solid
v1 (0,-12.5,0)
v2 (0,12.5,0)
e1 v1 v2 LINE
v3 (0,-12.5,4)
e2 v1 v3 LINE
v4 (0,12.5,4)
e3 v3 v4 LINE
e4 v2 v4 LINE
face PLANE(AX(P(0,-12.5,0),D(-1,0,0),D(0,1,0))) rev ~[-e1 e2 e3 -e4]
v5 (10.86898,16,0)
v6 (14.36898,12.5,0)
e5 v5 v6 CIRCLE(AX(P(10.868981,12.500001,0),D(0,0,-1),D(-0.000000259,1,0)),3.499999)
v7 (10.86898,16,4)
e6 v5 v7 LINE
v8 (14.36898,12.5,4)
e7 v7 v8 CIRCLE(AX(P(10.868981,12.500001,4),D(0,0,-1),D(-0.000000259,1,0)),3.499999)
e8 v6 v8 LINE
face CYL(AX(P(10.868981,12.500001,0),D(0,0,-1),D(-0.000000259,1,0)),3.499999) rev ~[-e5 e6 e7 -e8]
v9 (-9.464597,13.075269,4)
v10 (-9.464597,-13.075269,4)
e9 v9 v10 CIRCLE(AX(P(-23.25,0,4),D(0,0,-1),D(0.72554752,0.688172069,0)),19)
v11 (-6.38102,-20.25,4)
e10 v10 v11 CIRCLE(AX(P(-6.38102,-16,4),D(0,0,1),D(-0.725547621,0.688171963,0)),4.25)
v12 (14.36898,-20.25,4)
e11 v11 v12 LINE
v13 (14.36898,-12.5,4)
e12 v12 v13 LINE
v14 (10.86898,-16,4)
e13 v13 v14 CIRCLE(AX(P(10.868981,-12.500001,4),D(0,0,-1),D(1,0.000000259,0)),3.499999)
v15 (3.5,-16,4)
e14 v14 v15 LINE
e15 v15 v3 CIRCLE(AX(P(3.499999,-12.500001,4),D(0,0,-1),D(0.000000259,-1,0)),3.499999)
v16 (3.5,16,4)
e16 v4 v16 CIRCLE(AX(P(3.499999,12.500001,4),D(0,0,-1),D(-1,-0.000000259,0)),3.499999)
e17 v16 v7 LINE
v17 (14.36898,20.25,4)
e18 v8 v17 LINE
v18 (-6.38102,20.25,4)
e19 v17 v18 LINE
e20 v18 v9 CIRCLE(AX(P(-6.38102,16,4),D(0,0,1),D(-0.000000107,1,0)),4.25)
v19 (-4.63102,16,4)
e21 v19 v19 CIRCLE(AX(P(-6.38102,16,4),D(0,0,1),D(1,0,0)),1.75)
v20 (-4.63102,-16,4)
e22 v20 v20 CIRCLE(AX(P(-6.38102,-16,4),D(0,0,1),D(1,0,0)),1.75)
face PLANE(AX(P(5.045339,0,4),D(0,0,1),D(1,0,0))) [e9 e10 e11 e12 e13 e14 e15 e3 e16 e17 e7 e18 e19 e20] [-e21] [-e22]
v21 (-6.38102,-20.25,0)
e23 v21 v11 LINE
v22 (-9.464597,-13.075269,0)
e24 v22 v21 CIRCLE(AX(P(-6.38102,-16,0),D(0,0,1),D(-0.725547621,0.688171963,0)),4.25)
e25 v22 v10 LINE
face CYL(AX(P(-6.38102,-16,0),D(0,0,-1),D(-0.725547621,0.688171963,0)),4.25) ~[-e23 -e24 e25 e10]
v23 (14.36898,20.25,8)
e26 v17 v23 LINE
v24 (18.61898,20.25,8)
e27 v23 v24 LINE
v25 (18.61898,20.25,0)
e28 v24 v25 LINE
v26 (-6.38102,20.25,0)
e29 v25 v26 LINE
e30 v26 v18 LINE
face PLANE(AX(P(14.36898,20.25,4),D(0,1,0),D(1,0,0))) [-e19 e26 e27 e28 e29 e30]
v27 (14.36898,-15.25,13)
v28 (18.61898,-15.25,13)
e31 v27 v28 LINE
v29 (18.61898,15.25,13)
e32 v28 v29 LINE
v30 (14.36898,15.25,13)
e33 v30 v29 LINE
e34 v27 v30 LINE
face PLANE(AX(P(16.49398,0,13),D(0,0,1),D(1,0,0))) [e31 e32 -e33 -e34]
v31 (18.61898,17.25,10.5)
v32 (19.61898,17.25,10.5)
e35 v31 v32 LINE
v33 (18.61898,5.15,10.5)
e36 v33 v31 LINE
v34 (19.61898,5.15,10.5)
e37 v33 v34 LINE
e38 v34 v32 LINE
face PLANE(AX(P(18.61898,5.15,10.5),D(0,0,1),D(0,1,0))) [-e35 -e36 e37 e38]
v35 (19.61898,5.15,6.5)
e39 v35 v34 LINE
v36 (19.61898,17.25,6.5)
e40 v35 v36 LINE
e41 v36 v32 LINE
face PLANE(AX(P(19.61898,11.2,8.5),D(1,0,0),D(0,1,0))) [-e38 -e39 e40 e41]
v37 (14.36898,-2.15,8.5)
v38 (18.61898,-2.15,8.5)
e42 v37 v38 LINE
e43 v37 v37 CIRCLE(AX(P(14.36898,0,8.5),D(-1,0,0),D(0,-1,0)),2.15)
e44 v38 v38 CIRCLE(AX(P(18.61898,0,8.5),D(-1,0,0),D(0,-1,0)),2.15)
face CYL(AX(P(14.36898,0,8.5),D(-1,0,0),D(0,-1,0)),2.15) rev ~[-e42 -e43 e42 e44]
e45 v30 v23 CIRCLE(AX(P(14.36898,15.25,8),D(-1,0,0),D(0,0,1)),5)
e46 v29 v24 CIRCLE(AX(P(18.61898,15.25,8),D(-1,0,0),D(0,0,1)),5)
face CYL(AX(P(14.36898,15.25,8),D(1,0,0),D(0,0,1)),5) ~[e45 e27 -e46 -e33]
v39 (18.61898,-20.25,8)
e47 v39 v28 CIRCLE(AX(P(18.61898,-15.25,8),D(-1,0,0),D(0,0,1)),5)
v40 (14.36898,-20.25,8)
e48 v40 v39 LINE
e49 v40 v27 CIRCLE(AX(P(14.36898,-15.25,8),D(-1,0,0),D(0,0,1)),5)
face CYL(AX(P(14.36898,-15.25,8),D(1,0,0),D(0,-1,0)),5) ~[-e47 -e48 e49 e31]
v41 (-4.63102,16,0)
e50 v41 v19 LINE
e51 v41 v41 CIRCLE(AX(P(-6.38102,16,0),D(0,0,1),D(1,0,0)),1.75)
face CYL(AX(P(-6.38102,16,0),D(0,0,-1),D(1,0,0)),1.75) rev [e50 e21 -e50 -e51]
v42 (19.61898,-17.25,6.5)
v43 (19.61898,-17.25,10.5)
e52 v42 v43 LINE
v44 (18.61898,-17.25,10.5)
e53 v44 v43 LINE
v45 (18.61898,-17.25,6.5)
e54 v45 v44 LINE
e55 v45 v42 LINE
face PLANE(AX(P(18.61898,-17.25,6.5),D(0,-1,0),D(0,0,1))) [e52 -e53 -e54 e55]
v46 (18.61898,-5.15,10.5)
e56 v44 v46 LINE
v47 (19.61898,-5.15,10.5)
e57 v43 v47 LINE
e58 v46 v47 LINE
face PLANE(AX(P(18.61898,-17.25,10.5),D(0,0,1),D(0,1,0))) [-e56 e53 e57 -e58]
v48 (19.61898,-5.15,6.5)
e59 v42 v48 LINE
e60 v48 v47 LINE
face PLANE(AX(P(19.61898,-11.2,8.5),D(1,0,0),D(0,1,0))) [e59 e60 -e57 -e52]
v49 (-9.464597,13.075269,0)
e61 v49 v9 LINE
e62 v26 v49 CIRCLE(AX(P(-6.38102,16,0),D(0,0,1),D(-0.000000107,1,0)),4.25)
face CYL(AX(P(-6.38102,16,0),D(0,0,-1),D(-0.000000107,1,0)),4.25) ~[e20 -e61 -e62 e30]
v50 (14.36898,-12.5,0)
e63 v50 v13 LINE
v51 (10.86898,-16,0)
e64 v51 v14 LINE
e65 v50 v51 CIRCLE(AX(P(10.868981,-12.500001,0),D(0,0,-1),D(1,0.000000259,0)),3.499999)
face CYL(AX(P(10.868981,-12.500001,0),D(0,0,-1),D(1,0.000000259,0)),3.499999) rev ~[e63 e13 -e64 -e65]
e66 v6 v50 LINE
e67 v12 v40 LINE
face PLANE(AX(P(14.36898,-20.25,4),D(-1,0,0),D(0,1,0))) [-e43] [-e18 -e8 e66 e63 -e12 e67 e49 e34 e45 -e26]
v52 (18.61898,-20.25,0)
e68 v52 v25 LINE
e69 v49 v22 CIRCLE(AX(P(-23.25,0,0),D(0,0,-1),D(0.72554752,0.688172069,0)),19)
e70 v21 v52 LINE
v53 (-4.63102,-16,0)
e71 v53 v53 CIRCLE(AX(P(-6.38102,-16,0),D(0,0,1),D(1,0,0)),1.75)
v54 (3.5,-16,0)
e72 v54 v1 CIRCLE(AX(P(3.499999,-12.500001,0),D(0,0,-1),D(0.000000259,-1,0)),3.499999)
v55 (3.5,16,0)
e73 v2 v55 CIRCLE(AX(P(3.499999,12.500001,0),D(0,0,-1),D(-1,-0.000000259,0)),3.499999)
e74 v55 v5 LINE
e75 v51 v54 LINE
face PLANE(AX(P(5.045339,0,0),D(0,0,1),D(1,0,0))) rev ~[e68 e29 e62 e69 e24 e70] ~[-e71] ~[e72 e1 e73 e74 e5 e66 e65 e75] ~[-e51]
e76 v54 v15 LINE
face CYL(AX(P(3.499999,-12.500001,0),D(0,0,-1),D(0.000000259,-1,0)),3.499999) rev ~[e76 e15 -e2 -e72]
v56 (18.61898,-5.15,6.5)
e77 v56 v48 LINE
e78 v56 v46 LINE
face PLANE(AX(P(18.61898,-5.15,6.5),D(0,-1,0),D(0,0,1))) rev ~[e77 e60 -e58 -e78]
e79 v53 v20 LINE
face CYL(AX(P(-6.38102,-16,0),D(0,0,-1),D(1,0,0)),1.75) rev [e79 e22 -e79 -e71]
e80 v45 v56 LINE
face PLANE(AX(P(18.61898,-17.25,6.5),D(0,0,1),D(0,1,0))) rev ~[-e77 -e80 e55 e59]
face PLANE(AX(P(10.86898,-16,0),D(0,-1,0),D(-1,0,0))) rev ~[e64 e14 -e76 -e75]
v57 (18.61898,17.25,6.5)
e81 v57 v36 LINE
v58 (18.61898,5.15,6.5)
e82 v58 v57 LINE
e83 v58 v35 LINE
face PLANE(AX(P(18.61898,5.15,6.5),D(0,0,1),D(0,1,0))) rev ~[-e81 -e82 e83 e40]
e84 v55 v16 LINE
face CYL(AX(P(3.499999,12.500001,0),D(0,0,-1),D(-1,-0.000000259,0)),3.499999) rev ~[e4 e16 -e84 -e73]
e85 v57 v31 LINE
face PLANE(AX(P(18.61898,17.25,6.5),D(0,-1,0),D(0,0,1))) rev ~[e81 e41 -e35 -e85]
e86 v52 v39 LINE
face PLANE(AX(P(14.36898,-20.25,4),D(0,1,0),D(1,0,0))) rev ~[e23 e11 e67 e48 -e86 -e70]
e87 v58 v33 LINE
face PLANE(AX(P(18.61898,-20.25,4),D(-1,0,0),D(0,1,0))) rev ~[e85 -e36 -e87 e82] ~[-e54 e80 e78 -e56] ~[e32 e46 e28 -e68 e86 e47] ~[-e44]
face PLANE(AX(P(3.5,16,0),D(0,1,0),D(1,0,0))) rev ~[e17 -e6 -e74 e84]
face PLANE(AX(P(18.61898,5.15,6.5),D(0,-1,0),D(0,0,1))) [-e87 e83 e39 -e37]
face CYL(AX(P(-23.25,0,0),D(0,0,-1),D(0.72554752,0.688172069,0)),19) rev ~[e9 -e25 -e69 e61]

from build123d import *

# Parameters (mm, degrees)
F0_R     = 1.75
F1_DEPTH = 4
F2_W     = 4.25
F2_H     = 40.5
F3_DEPTH = 9
F4_R     = 2.15
F5_DEPTH = 25
F6_R     = 5
F7_W     = 12.1
F7_H     = 4
F8_DEPTH = 1


with BuildPart() as f1:
    # F0 (on Top) → F1 (new body)
    with BuildSketch(Plane.XY):
        with BuildLine():
            Line((18.61898, 20.25), (-6.38102, 20.25))
            ThreePointArc((-6.38102, 20.25), (-10.285671, 17.678153), (-9.464597, 13.075269))
            ThreePointArc((-9.464597, 13.075269), (-4.25, 0), (-9.464597, -13.075269))
            ThreePointArc((-9.464597, -13.075269), (-10.285671, -17.678153), (-6.38102, -20.25))
            Line((-6.38102, -20.25), (18.61898, -20.25))
            Line((18.61898, -20.25), (18.61898, 0))
            Line((18.61898, 0), (18.61898, 20.25))
        make_face()
        with Locations((-6.38102, -16)):
            Circle(F0_R, mode=Mode.SUBTRACT)
        with Locations((-6.38102, 16)):
            Circle(F0_R, mode=Mode.SUBTRACT)
        with BuildLine():
            Line((3.5, 16), (10.86898, 16))
            ThreePointArc((10.86898, 16), (13.343854, 14.974874), (14.36898, 12.5))
            Line((14.36898, 12.5), (14.36898, -12.5))
            ThreePointArc((14.36898, -12.5), (13.343854, -14.974874), (10.86898, -16))
            Line((10.86898, -16), (3.5, -16))
            ThreePointArc((3.5, -16), (1.025126, -14.974874), (0, -12.5))
            Line((0, -12.5), (0, 12.5))
            ThreePointArc((0, 12.5), (1.025126, 14.974874), (3.5, 16))
        make_face(mode=Mode.SUBTRACT)
    extrude(amount=F1_DEPTH)

    # F2 (on face) → F3 (join)
    with BuildSketch(Plane.XY.offset(4)):
        with Locations((16.49398, 0)):
            Rectangle(F2_W, F2_H)
    extrude(amount=F3_DEPTH)

    # F4 (on face) → F5 (cut)
    with BuildSketch(Plane(origin=(14.36898, 0, 0), x_dir=(0, -1, 0), z_dir=(-1, 0, 0))):
        with Locations((0, 8.5)):
            Circle(F4_R)
    extrude(amount=-F5_DEPTH, mode=Mode.SUBTRACT)

    # F6
    f6_edges = [f1.edges().sort_by_distance(p)[0] for p in [
        (16.49398, -20.25, 13),
        (16.49398, 20.25, 13),
    ]]
    fillet(f6_edges, radius=F6_R)

    # F7 (on face) → F8 (join)
    with BuildSketch(Plane.YZ.offset(18.61898)):
        with Locations((-11.2, 8.5)):
            Rectangle(F7_W, F7_H)
        with Locations((11.2, 8.5)):
            Rectangle(F7_W, F7_H)
    extrude(amount=F8_DEPTH)


solid = f1.part
